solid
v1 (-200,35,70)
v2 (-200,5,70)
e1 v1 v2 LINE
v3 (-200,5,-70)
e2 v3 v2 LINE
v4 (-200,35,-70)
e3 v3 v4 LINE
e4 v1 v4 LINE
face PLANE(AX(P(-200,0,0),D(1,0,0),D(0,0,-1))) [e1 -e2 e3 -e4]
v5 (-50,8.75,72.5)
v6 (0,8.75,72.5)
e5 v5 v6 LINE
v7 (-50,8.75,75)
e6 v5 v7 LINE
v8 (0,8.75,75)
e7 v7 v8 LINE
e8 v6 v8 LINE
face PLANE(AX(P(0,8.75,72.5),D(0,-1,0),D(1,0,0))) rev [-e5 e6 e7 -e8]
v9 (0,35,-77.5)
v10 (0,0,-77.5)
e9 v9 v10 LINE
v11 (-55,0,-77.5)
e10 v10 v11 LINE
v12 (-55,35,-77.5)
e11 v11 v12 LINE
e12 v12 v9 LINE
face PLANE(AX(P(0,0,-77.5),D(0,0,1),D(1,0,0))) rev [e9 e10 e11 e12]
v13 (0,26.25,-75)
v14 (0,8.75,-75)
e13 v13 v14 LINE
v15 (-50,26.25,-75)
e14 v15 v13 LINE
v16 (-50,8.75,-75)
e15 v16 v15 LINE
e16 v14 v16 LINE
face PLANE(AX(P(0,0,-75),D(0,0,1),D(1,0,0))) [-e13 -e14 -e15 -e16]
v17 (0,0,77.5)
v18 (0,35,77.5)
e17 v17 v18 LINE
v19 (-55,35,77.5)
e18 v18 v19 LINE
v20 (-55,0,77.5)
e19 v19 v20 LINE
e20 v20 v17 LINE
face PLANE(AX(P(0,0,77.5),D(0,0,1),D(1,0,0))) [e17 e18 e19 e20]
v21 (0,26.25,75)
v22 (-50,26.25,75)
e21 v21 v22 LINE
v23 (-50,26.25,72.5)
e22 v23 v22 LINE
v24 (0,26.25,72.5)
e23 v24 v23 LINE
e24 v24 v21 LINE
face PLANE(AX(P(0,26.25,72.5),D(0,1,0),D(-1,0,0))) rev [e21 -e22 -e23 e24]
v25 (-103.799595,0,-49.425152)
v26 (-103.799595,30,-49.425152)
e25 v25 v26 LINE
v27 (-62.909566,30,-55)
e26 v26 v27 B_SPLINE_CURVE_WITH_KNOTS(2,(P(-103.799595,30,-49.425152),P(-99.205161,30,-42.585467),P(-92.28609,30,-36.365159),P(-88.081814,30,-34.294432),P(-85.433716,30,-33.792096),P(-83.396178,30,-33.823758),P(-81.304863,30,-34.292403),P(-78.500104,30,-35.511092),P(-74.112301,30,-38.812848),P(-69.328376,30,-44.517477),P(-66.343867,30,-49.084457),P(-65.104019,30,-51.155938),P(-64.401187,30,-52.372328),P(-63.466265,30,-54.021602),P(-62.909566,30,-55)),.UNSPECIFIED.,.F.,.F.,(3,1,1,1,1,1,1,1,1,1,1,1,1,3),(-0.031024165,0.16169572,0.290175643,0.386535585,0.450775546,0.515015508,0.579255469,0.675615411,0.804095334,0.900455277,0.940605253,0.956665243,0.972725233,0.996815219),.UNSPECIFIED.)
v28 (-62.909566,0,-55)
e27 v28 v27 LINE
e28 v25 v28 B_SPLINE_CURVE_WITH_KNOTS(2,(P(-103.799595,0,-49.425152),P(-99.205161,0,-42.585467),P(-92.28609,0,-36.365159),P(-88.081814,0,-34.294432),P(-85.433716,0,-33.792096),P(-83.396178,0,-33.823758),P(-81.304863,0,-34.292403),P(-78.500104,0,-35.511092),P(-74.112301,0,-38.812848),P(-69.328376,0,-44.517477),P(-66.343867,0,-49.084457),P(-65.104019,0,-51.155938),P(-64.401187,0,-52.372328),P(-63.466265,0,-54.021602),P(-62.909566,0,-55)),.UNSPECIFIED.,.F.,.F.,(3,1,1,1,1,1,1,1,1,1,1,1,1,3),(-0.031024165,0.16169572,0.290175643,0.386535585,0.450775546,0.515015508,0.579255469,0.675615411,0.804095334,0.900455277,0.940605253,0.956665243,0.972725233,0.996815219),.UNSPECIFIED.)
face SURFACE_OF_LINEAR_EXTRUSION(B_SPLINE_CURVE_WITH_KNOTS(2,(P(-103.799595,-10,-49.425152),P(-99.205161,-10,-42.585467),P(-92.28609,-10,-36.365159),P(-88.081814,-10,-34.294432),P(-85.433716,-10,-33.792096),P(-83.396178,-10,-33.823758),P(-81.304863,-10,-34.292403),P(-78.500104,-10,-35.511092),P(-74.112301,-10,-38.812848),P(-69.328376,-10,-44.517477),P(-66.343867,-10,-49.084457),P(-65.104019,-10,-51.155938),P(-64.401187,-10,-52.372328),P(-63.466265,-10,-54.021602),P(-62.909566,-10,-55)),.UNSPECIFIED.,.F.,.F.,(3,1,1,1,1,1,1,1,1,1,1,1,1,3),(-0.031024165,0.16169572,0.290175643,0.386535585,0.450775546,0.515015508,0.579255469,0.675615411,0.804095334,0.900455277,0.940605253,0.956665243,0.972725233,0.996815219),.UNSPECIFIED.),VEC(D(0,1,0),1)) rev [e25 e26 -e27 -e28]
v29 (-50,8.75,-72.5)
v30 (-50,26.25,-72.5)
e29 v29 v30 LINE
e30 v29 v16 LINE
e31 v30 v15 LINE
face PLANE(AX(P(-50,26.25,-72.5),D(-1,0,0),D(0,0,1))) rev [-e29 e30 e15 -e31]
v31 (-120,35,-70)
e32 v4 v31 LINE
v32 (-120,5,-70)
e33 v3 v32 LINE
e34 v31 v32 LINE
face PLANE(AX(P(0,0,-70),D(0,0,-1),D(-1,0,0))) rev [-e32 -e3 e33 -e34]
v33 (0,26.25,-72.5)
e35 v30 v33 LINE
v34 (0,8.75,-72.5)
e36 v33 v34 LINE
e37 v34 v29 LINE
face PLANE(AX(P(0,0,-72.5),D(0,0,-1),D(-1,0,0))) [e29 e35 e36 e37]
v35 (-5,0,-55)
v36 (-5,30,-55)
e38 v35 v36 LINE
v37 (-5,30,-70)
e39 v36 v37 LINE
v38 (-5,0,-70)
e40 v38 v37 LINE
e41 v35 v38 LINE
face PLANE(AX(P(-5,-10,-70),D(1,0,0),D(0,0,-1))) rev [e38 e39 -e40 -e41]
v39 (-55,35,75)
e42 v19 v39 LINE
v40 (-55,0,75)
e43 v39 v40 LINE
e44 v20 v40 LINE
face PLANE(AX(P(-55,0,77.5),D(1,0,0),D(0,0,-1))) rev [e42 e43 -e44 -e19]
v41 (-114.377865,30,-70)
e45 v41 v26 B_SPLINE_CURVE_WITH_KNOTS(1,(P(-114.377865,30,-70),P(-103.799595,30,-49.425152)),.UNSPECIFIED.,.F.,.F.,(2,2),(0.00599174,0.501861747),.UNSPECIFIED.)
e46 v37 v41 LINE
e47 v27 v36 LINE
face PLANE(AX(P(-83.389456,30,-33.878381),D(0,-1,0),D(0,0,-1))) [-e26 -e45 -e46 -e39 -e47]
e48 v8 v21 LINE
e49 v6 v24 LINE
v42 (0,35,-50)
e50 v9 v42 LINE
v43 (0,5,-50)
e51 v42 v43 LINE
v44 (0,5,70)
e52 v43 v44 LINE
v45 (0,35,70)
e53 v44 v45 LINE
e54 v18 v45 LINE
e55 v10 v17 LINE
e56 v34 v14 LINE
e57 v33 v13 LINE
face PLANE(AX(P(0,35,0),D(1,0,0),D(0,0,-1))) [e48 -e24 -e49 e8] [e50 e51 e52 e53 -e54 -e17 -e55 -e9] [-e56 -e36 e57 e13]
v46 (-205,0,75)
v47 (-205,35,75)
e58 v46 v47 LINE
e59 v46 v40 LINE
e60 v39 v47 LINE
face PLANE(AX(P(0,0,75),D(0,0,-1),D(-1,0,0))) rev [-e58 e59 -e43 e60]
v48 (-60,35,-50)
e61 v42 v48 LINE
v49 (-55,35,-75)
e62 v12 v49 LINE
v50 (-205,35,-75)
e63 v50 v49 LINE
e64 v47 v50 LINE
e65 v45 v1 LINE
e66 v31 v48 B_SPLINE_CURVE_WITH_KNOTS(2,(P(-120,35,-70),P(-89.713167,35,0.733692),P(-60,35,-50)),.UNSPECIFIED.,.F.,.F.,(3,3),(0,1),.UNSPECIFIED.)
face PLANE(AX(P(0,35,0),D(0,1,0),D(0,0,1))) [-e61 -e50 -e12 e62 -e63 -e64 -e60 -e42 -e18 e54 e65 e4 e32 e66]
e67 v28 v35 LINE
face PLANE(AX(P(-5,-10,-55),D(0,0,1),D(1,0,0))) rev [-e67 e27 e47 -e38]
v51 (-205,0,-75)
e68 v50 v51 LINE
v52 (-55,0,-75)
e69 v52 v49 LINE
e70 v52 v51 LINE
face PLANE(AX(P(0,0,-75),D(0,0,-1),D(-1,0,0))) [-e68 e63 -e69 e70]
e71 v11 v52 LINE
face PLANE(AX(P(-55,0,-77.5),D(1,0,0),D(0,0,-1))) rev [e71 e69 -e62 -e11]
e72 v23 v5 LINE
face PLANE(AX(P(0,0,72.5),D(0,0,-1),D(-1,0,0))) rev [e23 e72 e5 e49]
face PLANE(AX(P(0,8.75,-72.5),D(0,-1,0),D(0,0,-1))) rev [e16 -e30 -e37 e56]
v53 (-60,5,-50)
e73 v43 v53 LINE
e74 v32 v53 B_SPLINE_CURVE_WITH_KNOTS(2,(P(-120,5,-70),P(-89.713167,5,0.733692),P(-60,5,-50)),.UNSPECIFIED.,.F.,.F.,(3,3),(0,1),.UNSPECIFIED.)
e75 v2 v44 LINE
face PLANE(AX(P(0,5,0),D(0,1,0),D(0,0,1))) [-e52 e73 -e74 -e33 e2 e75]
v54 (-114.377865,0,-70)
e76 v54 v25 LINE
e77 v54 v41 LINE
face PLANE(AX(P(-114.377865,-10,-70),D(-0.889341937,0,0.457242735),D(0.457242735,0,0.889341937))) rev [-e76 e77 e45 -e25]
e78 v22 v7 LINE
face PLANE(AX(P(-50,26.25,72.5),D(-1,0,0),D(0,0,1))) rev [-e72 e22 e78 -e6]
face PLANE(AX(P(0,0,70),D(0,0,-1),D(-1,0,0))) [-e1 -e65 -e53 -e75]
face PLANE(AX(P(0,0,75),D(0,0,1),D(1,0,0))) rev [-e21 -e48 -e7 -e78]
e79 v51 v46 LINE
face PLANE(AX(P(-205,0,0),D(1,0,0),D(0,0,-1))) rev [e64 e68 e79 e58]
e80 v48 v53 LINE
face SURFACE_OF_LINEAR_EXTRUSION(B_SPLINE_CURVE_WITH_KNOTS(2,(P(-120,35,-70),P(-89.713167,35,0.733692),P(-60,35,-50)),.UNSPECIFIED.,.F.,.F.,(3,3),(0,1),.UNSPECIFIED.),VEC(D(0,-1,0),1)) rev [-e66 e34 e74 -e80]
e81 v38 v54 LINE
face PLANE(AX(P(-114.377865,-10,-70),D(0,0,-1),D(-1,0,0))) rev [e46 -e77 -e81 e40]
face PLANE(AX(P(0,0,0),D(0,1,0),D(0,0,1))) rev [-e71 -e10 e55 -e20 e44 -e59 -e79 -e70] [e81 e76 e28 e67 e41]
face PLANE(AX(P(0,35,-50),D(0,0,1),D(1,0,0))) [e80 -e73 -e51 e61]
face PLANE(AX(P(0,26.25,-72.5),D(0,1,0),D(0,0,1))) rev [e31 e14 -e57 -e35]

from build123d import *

# Parameters (mm, degrees)
SALIENTE_EXTRUIR5_DEPTH  = 35
SALIENTE_EXTRUIR6_DEPTH  = 5
CROQUIS8_W               = 200
CROQUIS8_H               = 35
SALIENTE_EXTRUIR8_DEPTH  = 5
CROQUIS7_W               = 200
CROQUIS7_H               = 35
SALIENTE_EXTRUIR9_DEPTH  = 5
CROQUIS10_W              = 150
CROQUIS10_H              = 35
SALIENTE_EXTRUIR10_DEPTH = 5
CROQUIS11_W              = 50
CROQUIS11_H              = 17.5
CORTAR_EXTRUIR1_DEPTH    = 2.5
CROQUIS12_W              = 50
CROQUIS12_H              = 17.5
CORTAR_EXTRUIR2_DEPTH    = 2.5
CROQUIS13_W              = 55
CROQUIS13_H              = 35
SALIENTE_EXTRUIR11_DEPTH = 2.5
CROQUIS14_W              = 55
CROQUIS14_H              = 35
SALIENTE_EXTRUIR12_DEPTH = 2.5
CORTAR_EXTRUIR3_START    = -5
CORTAR_EXTRUIR3_DEPTH    = 40


with BuildPart() as part:
    # Croquis2 → Saliente-Extruir5 (new body)
    with BuildSketch(Plane(origin=(0, 0, 0), x_dir=(1, 0, 0), z_dir=(0, 1, 0))):
        with BuildLine():
            Line((-60, 70), (-120, 70))
            add(Edge.make_bspline(
                [(-120, 70), (-89.713167171, -0.733691908), (-60, 50)],
                knots=[0, 0, 0, 1, 1, 1], degree=2))
            Line((-60, 50), (0, 50))
            Line((0, 50), (0, 70))
            Line((0, 70), (-60, 70))
        make_face()
    extrude(amount=SALIENTE_EXTRUIR5_DEPTH)

    # Croquis2<6> → Saliente-Extruir6 (add)
    with BuildSketch(Plane(origin=(0, 0, 0), x_dir=(1, 0, 0), z_dir=(0, 1, 0))):
        with BuildLine():
            Line((-120, 70), (-200, 70))
            Line((-200, 70), (-200, -70))
            Line((-200, -70), (0, -70))
            Line((0, -70), (0, 50))
            Line((0, 50), (-60, 50))
            add(Edge.make_bspline(
                [(-120, 70), (-89.713167171, -0.733691908), (-60, 50)],
                knots=[0, 0, 0, 1, 1, 1], degree=2))
        make_face()
    extrude(amount=SALIENTE_EXTRUIR6_DEPTH)

    # Croquis8 → Saliente-Extruir8 (add)
    with BuildSketch(Plane(origin=(0, 0, -70), x_dir=(-1, 0, 0), z_dir=(0, 0, -1))):
        with Locations((100, 17.5)):
            Rectangle(CROQUIS8_W, CROQUIS8_H)
    extrude(amount=SALIENTE_EXTRUIR8_DEPTH)

    # Croquis7 → Saliente-Extruir9 (add)
    with BuildSketch(Plane.XY.offset(70)):
        with Locations((-100, 17.5)):
            Rectangle(CROQUIS7_W, CROQUIS7_H)
    extrude(amount=SALIENTE_EXTRUIR9_DEPTH)

    # Croquis10 → Saliente-Extruir10 (add)
    with BuildSketch(Plane.ZY.offset(200)):
        with Locations((0, 17.5)):
            Rectangle(CROQUIS10_W, CROQUIS10_H)
    extrude(amount=SALIENTE_EXTRUIR10_DEPTH)

    # Croquis11 → Cortar-Extruir1 (cut)
    with BuildSketch(Plane.XY.offset(75)):
        with Locations((-25, 17.5)):
            Rectangle(CROQUIS11_W, CROQUIS11_H)
    extrude(amount=-CORTAR_EXTRUIR1_DEPTH, mode=Mode.SUBTRACT)

    # Croquis12 → Cortar-Extruir2 (cut)
    with BuildSketch(Plane(origin=(0, 0, -75), x_dir=(-1, 0, 0), z_dir=(0, 0, -1))):
        with Locations((25, 17.5)):
            Rectangle(CROQUIS12_W, CROQUIS12_H)
    extrude(amount=-CORTAR_EXTRUIR2_DEPTH, mode=Mode.SUBTRACT)

    # Croquis13 → Saliente-Extruir11 (add)
    with BuildSketch(Plane.XY.offset(75)):
        with Locations((-27.5, 17.5)):
            Rectangle(CROQUIS13_W, CROQUIS13_H)
    extrude(amount=SALIENTE_EXTRUIR11_DEPTH)

    # Croquis14 → Saliente-Extruir12 (add)
    with BuildSketch(Plane(origin=(0, 0, -75), x_dir=(-1, 0, 0), z_dir=(0, 0, -1))):
        with Locations((27.5, 17.5)):
            Rectangle(CROQUIS14_W, CROQUIS14_H)
    extrude(amount=SALIENTE_EXTRUIR12_DEPTH)

    # Croquis15 → Cortar-Extruir3 (cut)
    with BuildSketch(Plane(origin=(0, 35, 0), x_dir=(1, 0, 0), z_dir=(0, 1, 0)).offset(CORTAR_EXTRUIR3_START)):
        with BuildLine():
            Line((-114.377865487, 70), (-5, 70))
            Line((-5, 70), (-5, 55))
            Line((-5, 55), (-62.909565923, 55))
            add(Edge.make_bspline(
                [(-62.909565923, 55), (-63.466265427, 54.021602214), (-64.401186981, 52.372327996), (-65.10401925, 51.155937563), (-66.343867423, 49.084457263), (-69.328375649, 44.517477078), (-74.11230077, 38.812847857), (-78.500104352, 35.511092249), (-81.30486337, 34.292403361), (-83.396178275, 33.823757561), (-85.433716297, 33.792096113), (-88.081814147, 34.294431754), (-92.286089613, 36.365158599), (-99.205160513, 42.585467381), (-103.799594749, 49.425151944)],
                knots=[-0.031024165, -0.031024165, -0.031024165, -0.006934179, 0.009125811, 0.025185801, 0.065335777, 0.16169572, 0.290175643, 0.386535585, 0.450775546, 0.515015508, 0.579255469, 0.675615411, 0.804095334, 0.996815219, 0.996815219, 0.996815219], degree=2))
            Line((-103.799594749, 49.425151944), (-114.377865487, 70))
        make_face()
    extrude(amount=-CORTAR_EXTRUIR3_DEPTH, mode=Mode.SUBTRACT)


solid = part.part
